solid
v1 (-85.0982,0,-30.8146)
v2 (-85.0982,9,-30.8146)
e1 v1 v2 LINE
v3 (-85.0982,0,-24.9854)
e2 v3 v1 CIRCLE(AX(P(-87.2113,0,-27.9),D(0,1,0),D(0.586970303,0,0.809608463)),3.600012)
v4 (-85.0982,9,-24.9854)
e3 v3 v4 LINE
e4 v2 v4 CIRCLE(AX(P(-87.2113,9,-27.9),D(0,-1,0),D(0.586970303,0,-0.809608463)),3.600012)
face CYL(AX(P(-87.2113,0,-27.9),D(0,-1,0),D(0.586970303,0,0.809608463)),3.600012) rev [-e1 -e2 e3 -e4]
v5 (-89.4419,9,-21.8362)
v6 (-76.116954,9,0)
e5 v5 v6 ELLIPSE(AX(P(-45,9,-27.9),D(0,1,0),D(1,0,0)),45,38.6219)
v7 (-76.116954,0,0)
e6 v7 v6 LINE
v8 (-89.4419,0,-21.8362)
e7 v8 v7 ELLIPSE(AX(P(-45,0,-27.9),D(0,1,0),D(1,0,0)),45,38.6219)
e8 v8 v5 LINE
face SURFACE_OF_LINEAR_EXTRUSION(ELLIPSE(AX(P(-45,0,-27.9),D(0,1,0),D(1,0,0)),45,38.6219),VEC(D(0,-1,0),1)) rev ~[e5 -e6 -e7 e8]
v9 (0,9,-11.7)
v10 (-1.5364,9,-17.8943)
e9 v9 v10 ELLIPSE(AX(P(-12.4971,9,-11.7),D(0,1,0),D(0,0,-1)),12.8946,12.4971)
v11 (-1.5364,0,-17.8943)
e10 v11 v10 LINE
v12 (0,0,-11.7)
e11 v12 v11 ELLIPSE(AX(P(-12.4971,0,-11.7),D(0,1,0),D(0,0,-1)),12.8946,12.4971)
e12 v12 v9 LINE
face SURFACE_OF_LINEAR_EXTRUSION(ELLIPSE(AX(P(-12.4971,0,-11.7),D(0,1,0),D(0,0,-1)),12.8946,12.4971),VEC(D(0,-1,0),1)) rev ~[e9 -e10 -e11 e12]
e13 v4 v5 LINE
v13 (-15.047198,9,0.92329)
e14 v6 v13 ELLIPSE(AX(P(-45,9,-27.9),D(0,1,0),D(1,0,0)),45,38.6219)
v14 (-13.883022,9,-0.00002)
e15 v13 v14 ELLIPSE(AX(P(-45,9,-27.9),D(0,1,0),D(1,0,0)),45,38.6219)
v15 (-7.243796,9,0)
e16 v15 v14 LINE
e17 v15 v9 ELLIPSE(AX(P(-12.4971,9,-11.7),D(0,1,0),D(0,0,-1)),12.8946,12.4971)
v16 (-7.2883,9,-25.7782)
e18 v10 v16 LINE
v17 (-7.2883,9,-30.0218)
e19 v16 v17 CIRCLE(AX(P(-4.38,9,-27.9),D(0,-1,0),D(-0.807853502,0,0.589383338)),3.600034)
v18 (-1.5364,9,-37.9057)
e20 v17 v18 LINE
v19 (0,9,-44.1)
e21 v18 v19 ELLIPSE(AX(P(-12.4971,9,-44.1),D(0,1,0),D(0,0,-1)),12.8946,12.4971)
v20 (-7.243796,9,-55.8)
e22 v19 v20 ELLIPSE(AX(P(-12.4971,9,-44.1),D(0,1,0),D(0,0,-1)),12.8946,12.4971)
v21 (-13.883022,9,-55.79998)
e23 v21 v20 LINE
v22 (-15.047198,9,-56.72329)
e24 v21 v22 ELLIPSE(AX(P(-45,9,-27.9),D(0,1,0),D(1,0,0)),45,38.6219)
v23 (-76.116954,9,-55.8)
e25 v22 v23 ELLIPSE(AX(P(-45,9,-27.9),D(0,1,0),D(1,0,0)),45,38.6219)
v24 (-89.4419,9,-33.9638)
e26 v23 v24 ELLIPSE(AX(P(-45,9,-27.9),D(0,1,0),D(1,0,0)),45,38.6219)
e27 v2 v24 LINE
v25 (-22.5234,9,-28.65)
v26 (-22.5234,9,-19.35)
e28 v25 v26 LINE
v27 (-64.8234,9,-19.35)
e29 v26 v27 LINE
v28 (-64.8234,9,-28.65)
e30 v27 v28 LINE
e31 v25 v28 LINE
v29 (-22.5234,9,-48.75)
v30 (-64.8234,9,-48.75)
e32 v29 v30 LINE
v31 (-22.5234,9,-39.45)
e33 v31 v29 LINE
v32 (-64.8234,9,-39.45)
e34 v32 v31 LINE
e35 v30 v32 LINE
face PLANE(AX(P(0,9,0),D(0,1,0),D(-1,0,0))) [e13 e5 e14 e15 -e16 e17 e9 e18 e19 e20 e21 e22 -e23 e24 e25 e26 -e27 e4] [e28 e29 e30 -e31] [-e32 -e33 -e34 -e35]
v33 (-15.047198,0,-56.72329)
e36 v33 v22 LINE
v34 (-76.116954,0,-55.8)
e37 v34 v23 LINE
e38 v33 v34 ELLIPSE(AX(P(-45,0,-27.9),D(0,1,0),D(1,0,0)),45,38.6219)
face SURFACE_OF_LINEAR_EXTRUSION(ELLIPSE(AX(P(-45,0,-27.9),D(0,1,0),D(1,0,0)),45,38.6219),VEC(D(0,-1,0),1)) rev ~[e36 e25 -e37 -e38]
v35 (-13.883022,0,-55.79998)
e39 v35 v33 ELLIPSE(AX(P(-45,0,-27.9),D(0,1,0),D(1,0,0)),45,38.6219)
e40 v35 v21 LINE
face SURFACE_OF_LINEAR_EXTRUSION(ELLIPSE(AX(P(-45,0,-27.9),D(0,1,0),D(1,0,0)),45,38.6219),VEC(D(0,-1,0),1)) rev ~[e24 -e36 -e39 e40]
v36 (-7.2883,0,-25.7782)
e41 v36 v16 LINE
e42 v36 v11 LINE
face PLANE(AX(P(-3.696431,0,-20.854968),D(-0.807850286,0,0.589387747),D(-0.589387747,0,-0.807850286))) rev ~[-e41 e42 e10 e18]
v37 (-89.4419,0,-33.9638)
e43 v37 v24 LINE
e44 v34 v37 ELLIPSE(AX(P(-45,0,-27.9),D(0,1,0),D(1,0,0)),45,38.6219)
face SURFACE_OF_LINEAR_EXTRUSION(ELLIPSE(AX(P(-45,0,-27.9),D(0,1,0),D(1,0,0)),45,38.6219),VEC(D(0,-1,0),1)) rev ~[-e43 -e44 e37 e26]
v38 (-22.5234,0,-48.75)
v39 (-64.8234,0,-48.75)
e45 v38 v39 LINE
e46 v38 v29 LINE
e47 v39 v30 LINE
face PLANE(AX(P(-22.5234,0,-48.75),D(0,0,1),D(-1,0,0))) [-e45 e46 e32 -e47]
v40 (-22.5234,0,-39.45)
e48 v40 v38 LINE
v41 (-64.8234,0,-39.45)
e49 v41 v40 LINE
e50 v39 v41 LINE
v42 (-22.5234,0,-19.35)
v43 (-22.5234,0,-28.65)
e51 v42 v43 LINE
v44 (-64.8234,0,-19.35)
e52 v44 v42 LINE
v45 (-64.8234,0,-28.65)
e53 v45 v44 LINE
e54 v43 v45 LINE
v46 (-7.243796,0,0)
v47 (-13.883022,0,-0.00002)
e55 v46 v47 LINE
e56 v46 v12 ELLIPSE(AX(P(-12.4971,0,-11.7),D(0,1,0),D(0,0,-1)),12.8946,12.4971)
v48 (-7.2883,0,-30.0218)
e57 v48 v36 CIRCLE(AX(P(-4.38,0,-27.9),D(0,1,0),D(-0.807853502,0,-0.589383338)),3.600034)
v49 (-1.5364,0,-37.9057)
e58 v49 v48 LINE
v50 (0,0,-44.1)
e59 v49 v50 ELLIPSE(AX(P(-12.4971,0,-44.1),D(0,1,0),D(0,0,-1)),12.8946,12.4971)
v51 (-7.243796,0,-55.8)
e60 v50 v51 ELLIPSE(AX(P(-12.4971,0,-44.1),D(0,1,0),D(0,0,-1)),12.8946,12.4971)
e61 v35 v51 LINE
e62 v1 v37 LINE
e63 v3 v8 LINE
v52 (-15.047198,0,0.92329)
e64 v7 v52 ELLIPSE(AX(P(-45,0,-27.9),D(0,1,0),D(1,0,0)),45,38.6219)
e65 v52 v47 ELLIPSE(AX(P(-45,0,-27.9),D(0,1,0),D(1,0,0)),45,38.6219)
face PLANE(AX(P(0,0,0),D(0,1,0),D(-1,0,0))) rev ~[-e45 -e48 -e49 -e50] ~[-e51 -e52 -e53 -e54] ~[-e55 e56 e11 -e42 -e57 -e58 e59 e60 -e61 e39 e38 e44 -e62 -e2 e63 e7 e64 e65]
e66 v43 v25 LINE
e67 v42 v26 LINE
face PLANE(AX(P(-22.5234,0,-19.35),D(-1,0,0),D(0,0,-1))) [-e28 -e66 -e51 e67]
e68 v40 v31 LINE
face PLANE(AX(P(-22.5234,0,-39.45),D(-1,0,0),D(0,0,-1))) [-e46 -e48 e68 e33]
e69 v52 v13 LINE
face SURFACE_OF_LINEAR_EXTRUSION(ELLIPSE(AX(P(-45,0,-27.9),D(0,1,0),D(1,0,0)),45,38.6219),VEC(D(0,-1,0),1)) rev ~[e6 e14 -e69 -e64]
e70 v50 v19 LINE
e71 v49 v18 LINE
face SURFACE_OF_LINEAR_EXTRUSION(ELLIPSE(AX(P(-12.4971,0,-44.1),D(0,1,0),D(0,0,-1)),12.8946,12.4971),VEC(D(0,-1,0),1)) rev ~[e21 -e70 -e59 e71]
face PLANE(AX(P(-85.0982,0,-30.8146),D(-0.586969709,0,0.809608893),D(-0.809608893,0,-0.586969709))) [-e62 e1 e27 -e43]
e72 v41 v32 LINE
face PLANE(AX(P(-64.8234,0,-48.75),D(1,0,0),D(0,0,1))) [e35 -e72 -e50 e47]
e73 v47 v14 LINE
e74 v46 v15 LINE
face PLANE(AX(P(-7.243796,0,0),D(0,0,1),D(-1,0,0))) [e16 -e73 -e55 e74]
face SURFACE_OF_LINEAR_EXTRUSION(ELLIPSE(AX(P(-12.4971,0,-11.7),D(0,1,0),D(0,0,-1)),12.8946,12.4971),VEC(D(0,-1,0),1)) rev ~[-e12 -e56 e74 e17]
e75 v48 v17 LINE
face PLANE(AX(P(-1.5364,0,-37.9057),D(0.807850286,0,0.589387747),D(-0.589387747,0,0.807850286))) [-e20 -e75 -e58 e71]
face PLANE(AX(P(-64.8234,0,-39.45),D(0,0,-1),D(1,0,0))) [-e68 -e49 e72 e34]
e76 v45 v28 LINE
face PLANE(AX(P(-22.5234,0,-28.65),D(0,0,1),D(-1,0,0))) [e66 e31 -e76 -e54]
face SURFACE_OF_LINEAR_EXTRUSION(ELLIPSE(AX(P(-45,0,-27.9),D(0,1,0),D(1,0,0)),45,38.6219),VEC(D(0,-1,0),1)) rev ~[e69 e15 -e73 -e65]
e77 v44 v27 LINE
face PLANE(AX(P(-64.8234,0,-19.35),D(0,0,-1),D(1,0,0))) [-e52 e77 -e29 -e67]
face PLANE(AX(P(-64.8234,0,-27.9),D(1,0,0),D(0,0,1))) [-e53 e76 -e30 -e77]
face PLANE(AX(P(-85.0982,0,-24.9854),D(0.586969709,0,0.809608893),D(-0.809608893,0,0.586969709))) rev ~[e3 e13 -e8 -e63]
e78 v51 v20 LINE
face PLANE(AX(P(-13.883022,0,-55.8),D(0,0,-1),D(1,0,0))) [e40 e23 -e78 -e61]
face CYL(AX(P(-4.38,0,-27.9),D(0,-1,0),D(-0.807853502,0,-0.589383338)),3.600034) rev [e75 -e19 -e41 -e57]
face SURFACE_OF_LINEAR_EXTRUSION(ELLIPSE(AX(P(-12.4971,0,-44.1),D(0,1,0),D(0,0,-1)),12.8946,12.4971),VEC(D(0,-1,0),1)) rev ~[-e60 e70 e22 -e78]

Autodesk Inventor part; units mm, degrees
ref_plane "YZ Plane" through (0, 0, 0) normal (1, 0, 0) x (0, 1, 0)
ref_plane "XZ Plane" through (0, 0, 0) normal (0, 1, 0) x (-1, 0, 0)
ref_plane "XY Plane" through (0, 0, 0) normal (0, 0, 1) x (1, 0, 0)
sketch "Sketch1" plane through (0, 0, 0) normal (0, 1, 0) x (-1, 0, 0)
  line L0 (0, 0) -> (90, 0)
  line L1 (90, 0) -> (90, -55.8)
  line L2 (90, -55.8) -> (0, -55.8)
  line L3 (0, -55.8) -> (0, 0)
  ellipse E0 centre (45, -27.9) end of major axis (0, -27.9) minor radius 38.6219 (13.883, -55.8) -> (13.883, 0) ccw
  line L4 (64.8234, -39.45) -> (22.5234, -39.45)
  line L5 (22.5234, -39.45) -> (22.5234, -48.75)
  line L6 (22.5234, -48.75) -> (64.8234, -48.75)
  line L7 (64.8234, -48.75) -> (64.8234, -39.45)
  line L8 (64.8234, -19.35) -> (22.5234, -19.35)
  line L9 (22.5234, -19.35) -> (22.5234, -28.65)
  line L10 (22.5234, -28.65) -> (64.8234, -28.65)
  line L11 (64.8234, -28.65) -> (64.8234, -19.35)
  line L12 (90, -27.9) -> (0, -27.9)
  ellipse E1 centre (12.4971, -44.1) end of major axis (0, -44.1) minor radius 12.8946 (3.6964, -34.945) -> (15.0472, -56.7233) ccw
  line L13 (1.5364, -17.8943) -> (7.2883, -25.7782)
  line L14 (1.5364, -37.9057) -> (7.2883, -30.0218)
  arc A0 (7.2883, -30.0218) -> (7.2883, -25.7782) centre (4.38, -27.9) ccw
  line L15 (85.0982, -24.9854) -> (89.4419, -21.8362)
  line L16 (85.0982, -30.8146) -> (89.4419, -33.9638)
  arc A1 (85.0982, -24.9854) -> (85.0982, -30.8146) centre (87.2113, -27.9) ccw
  ellipse E2 centre (12.4971, -11.7) end of major axis (0, -11.7) minor radius 12.8946 (15.0472, 0.9233) -> (3.6964, -20.855) ccw
  ellipse E3 centre (12.4971, -11.7) end of major axis (0, -11.7) minor radius 12.8946 (22.5234, -19.3972) -> (22.5573, -19.35) ccw
  point P0 (8.8363, -27.9)
  point P1 (81.0782, -27.9)
  point P2 (7.2438, 0)
  point P3 (7.2438, -55.8)
  dimension "d0" = 90
  dimension "d1" = 55.8
  dimension "d3" = 9.3
  dimension "d4" = 9.3
  dimension "d5" = 7.05
  dimension "d6" = 10.8
  dimension "d7" = 3.6
  dimension "d8" = 3.6
extrude "Extrusion1" add sketch "Sketch1" along normal blind 9 contours L0 E0 L15 A1 L12 L11 L8 L9 A0 L13 E2 | E0 L0 | E1 L14 A0 L12 L9 L10 L11 A1 L16 E0 L2 | L2 E0
properties part number "telapak kaki"
